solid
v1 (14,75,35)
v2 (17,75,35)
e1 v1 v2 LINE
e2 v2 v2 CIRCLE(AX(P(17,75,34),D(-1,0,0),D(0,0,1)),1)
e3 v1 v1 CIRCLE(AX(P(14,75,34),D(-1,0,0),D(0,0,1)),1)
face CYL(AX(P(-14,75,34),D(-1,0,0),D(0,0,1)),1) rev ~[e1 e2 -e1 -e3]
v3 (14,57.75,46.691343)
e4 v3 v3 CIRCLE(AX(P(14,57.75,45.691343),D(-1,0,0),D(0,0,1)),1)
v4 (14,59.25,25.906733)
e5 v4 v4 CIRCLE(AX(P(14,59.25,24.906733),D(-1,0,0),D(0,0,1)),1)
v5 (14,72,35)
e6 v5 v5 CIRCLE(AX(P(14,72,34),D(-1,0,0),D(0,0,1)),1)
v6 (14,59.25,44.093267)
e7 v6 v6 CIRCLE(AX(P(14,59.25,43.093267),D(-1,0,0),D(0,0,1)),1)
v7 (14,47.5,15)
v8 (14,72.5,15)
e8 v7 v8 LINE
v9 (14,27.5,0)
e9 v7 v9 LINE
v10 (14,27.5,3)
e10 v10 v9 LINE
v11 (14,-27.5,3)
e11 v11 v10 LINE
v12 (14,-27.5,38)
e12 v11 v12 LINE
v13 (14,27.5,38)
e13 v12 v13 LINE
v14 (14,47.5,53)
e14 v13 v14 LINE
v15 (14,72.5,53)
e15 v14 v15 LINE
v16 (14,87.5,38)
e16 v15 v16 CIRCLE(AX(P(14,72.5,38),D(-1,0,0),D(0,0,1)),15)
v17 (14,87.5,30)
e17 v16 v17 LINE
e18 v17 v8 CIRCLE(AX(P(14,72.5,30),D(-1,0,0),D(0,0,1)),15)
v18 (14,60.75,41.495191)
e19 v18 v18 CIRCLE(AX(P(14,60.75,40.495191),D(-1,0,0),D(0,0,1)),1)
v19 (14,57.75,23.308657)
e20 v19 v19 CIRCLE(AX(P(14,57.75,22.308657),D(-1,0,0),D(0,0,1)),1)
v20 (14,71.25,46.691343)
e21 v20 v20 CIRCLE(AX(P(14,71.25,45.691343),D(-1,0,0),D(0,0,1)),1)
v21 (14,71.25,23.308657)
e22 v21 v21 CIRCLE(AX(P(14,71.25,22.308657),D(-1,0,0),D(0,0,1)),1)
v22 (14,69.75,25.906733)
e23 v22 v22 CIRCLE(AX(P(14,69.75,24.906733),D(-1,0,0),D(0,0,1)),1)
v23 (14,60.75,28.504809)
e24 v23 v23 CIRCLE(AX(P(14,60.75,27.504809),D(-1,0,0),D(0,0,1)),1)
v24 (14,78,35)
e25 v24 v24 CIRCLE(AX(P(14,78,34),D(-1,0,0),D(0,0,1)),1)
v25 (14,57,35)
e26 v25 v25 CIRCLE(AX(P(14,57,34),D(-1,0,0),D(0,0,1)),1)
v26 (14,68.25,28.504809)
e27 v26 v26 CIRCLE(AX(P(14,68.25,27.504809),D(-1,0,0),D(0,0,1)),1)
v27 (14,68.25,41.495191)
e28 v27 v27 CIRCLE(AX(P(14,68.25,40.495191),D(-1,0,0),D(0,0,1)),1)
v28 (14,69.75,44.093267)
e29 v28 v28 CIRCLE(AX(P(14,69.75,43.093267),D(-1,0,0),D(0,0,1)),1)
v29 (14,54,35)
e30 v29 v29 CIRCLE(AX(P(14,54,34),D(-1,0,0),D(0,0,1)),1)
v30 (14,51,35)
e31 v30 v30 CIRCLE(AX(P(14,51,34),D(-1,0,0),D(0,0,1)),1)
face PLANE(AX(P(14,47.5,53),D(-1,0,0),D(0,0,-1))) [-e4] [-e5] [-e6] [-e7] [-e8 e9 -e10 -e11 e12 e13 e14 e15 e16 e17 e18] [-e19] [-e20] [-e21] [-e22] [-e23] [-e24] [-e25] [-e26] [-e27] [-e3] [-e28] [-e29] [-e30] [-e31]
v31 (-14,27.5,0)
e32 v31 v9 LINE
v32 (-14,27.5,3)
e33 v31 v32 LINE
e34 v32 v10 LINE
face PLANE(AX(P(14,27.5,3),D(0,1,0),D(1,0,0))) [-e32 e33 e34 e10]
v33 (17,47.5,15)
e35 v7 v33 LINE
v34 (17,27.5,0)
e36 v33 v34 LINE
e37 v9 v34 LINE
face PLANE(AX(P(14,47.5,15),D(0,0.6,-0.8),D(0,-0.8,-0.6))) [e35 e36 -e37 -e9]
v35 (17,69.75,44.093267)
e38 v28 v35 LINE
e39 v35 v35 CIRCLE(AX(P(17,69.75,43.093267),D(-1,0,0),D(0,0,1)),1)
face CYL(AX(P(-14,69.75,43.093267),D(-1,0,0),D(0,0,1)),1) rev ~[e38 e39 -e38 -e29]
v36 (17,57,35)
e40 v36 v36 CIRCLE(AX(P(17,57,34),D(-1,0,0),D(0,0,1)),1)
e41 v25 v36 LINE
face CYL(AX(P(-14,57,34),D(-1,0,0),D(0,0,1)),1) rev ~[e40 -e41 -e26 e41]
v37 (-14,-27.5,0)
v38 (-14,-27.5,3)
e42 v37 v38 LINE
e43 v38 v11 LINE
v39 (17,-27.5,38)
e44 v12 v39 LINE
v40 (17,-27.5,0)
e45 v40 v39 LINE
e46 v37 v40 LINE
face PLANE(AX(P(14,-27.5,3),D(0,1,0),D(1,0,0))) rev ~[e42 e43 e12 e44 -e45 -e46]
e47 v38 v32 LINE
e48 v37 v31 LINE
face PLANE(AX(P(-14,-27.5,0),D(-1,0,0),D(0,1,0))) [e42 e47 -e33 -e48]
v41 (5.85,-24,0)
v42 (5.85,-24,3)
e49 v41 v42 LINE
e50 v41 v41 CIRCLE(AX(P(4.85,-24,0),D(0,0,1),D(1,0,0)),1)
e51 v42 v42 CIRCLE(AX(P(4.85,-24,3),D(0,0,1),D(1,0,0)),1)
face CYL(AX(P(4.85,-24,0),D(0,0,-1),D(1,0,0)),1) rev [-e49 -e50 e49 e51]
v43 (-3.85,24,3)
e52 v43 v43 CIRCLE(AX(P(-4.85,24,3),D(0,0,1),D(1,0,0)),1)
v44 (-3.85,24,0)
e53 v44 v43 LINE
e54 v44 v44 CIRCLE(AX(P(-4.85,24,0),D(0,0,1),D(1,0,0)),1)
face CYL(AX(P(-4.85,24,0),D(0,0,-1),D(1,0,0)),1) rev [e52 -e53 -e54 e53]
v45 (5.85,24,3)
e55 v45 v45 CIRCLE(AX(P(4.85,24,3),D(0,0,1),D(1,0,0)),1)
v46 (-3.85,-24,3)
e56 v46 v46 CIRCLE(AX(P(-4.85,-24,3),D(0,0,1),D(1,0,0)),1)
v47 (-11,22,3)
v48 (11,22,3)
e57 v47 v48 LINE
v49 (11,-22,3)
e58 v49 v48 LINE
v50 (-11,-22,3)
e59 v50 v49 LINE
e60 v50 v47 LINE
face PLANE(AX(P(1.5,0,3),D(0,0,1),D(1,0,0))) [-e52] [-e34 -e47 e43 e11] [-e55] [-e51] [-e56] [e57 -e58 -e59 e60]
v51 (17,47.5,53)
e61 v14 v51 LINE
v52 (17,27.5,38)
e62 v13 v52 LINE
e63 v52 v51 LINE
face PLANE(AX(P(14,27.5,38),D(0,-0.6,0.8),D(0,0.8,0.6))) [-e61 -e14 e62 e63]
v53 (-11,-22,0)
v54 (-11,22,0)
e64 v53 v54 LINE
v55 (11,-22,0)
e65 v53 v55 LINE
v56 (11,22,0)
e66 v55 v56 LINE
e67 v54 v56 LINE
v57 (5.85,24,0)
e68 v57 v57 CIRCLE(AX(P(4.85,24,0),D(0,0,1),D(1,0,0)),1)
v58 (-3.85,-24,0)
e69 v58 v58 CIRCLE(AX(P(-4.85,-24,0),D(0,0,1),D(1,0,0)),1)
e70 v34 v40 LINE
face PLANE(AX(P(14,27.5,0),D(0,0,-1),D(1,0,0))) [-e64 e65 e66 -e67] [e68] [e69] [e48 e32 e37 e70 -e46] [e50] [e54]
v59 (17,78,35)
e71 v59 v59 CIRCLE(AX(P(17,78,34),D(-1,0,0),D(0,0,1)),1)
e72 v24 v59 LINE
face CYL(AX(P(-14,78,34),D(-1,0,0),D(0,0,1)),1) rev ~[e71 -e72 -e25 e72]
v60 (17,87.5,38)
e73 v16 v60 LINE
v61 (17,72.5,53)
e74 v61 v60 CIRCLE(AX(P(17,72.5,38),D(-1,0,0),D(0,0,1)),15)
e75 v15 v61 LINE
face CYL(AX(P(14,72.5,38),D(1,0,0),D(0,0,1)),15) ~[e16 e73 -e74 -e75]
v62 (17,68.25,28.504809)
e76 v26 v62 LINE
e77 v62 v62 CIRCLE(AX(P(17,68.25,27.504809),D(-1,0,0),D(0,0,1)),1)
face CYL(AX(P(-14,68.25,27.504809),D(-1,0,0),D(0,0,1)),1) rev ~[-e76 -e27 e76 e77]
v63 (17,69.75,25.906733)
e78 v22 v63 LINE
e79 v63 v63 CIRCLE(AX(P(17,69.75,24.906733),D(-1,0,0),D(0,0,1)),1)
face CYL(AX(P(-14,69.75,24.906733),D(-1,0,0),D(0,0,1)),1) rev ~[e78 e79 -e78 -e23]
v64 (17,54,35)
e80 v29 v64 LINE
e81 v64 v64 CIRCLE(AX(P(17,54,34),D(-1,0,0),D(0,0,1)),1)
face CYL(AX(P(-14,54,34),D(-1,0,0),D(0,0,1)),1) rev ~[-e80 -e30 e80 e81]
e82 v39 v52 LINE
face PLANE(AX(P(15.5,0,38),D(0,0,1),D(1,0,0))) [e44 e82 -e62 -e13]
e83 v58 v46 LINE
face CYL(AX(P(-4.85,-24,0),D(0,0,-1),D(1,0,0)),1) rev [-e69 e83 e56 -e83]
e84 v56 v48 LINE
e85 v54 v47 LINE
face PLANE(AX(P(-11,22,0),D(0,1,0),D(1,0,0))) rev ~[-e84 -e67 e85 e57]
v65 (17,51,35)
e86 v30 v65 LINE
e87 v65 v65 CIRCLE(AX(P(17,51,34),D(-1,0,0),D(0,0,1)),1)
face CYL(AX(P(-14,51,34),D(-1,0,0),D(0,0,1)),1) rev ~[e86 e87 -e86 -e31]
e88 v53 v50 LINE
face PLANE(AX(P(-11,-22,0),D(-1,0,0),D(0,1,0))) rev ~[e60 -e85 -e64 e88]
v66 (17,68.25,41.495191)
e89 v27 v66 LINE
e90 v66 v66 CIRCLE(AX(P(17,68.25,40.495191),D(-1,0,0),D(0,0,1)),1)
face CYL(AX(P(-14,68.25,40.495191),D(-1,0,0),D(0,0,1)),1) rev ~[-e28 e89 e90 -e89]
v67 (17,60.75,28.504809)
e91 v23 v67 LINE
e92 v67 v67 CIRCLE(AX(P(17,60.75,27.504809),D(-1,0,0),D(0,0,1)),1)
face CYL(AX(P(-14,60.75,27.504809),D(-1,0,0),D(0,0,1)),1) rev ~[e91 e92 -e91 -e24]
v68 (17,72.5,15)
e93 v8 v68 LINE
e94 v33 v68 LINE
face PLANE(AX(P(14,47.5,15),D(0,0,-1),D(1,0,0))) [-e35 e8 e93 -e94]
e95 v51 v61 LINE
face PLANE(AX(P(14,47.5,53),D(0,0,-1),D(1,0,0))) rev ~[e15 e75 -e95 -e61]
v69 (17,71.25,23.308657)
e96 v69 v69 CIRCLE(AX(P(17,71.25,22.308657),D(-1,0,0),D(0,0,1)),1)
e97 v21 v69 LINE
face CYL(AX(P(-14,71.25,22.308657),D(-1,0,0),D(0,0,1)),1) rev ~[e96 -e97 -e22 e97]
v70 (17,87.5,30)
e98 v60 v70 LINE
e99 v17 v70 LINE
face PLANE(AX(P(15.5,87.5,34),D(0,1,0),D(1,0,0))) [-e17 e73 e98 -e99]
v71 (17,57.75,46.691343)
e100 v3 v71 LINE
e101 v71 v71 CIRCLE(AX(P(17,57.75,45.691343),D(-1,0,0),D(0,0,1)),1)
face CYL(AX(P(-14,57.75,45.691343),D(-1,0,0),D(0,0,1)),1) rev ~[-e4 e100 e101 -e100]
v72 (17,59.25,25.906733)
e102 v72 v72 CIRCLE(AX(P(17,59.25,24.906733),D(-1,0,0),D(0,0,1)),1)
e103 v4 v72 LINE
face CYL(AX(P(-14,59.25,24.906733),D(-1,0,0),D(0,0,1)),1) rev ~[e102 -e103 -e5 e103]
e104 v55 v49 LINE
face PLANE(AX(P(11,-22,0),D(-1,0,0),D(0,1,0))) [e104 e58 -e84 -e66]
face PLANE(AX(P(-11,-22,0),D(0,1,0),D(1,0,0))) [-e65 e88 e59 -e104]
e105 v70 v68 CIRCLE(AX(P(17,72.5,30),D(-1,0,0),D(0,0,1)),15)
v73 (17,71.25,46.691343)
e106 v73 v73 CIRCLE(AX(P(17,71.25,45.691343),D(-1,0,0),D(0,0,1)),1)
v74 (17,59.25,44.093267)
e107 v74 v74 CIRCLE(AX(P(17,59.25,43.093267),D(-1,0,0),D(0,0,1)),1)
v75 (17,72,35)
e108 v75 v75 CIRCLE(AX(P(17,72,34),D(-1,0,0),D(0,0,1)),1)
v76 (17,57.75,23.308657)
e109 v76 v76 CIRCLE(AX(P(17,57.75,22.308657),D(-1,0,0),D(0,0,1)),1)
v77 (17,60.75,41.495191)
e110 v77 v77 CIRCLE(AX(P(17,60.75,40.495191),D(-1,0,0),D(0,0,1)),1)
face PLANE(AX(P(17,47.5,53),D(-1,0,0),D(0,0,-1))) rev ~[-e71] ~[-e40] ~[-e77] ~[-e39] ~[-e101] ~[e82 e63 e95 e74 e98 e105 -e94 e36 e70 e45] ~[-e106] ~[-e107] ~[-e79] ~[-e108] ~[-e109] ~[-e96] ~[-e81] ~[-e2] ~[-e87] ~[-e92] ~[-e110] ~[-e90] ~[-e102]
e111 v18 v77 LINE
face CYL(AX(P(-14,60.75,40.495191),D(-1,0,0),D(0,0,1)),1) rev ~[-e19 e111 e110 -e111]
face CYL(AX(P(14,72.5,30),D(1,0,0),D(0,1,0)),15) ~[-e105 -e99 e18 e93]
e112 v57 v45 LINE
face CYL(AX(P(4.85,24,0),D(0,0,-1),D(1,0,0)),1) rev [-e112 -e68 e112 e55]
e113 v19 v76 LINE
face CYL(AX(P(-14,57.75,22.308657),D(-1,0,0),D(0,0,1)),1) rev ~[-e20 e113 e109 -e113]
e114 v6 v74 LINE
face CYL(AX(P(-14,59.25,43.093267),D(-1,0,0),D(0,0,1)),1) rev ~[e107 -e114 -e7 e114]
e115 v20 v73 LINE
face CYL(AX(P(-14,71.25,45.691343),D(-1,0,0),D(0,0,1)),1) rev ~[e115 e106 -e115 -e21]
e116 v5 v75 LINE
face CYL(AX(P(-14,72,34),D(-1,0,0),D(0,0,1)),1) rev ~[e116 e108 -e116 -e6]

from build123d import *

# Parameters (mm, degrees)
SKETCH1_W           = 31
SKETCH1_H           = 55
SKETCH1_R           = 1
SKETCH1_W_2         = 22
SKETCH1_H_2         = 44
BOSS_EXTRUDE1_DEPTH = 3
SKETCH2_W           = 3
SKETCH2_H           = 55
BOSS_EXTRUDE2_DEPTH = 35
SKETCH3_W           = 3
SKETCH3_H           = 53
BOSS_EXTRUDE3_DEPTH = 20
CUT_EXTRUDE1_DEPTH  = 3
SKETCH5_W           = 3
SKETCH5_H           = 38
BOSS_EXTRUDE4_DEPTH = 40
SKETCH6_R           = 1
CUT_EXTRUDE2_DEPTH  = 31
FILLET1_R           = 15


with BuildPart() as part:
    # Sketch1 → Boss-Extrude1 (new body)
    with BuildSketch(Plane.XY):
        with Locations((1.5, 0)):
            Rectangle(SKETCH1_W, SKETCH1_H)
        with Locations((-4.85, -24)):
            Circle(SKETCH1_R, mode=Mode.SUBTRACT)
        with Locations((4.85, -24)):
            Circle(SKETCH1_R, mode=Mode.SUBTRACT)
        with Locations((4.85, 24)):
            Circle(SKETCH1_R, mode=Mode.SUBTRACT)
        with Locations((-4.85, 24)):
            Circle(SKETCH1_R, mode=Mode.SUBTRACT)
        Rectangle(SKETCH1_W_2, SKETCH1_H_2, mode=Mode.SUBTRACT)
    extrude(amount=BOSS_EXTRUDE1_DEPTH)

    # Sketch2 → Boss-Extrude2 (add)
    with BuildSketch(Plane.XY.offset(3)):
        with Locations((15.5, 0)):
            Rectangle(SKETCH2_W, SKETCH2_H)
    extrude(amount=BOSS_EXTRUDE2_DEPTH)

    # Sketch3 → Boss-Extrude3 (add)
    with BuildSketch(Plane(origin=(0, 27.5, 0), x_dir=(1, 0, 0), z_dir=(0, 1, 0))):
        with Locations((15.5, -26.5)):
            Rectangle(SKETCH3_W, SKETCH3_H)
    extrude(amount=BOSS_EXTRUDE3_DEPTH)

    # Sketch4 → Cut-Extrude1 (cut)
    with BuildSketch(Plane.ZY.offset(-14)):
        Polygon((53, 27.5), (38, 27.5), (53, 47.5), align=None)
        Polygon((0, 27.5), (0, 47.5), (15, 47.5), align=None)
    extrude(amount=-CUT_EXTRUDE1_DEPTH, mode=Mode.SUBTRACT)

    # Sketch5 → Boss-Extrude4 (add)
    with BuildSketch(Plane(origin=(0, 47.5, 0), x_dir=(1, 0, 0), z_dir=(0, 1, 0))):
        with Locations((15.5, -34)):
            Rectangle(SKETCH5_W, SKETCH5_H)
    extrude(amount=BOSS_EXTRUDE4_DEPTH)

    # Sketch6 → Cut-Extrude2 (cut)
    with BuildSketch(Plane.ZY.offset(14)):
        with Locations((34, 72)):
            Circle(SKETCH6_R)
        with Locations((34, 75)):
            Circle(SKETCH6_R)
        with Locations((34, 78)):
            Circle(SKETCH6_R)
        with Locations((45.691342951, 71.25)):
            Circle(SKETCH6_R)
        with Locations((43.09326674, 69.75)):
            Circle(SKETCH6_R)
        with Locations((40.495190528, 68.25)):
            Circle(SKETCH6_R)
        with Locations((45.691342951, 57.75)):
            Circle(SKETCH6_R)
        with Locations((43.09326674, 59.25)):
            Circle(SKETCH6_R)
        with Locations((40.495190528, 60.75)):
            Circle(SKETCH6_R)
        with Locations((34, 51)):
            Circle(SKETCH6_R)
        with Locations((34, 54)):
            Circle(SKETCH6_R)
        with Locations((34, 57)):
            Circle(SKETCH6_R)
        with Locations((22.308657049, 57.75)):
            Circle(SKETCH6_R)
        with Locations((24.90673326, 59.25)):
            Circle(SKETCH6_R)
        with Locations((27.504809472, 60.75)):
            Circle(SKETCH6_R)
        with Locations((22.308657049, 71.25)):
            Circle(SKETCH6_R)
        with Locations((24.90673326, 69.75)):
            Circle(SKETCH6_R)
        with Locations((27.504809472, 68.25)):
            Circle(SKETCH6_R)
    extrude(amount=-CUT_EXTRUDE2_DEPTH, mode=Mode.SUBTRACT)

    # Fillet1
    fillet1_edges = [part.edges().sort_by_distance(p)[0] for p in [
        (15.5, 87.5, 53),
        (15.5, 87.5, 15),
    ]]
    fillet(fillet1_edges, radius=FILLET1_R)


solid = part.part
